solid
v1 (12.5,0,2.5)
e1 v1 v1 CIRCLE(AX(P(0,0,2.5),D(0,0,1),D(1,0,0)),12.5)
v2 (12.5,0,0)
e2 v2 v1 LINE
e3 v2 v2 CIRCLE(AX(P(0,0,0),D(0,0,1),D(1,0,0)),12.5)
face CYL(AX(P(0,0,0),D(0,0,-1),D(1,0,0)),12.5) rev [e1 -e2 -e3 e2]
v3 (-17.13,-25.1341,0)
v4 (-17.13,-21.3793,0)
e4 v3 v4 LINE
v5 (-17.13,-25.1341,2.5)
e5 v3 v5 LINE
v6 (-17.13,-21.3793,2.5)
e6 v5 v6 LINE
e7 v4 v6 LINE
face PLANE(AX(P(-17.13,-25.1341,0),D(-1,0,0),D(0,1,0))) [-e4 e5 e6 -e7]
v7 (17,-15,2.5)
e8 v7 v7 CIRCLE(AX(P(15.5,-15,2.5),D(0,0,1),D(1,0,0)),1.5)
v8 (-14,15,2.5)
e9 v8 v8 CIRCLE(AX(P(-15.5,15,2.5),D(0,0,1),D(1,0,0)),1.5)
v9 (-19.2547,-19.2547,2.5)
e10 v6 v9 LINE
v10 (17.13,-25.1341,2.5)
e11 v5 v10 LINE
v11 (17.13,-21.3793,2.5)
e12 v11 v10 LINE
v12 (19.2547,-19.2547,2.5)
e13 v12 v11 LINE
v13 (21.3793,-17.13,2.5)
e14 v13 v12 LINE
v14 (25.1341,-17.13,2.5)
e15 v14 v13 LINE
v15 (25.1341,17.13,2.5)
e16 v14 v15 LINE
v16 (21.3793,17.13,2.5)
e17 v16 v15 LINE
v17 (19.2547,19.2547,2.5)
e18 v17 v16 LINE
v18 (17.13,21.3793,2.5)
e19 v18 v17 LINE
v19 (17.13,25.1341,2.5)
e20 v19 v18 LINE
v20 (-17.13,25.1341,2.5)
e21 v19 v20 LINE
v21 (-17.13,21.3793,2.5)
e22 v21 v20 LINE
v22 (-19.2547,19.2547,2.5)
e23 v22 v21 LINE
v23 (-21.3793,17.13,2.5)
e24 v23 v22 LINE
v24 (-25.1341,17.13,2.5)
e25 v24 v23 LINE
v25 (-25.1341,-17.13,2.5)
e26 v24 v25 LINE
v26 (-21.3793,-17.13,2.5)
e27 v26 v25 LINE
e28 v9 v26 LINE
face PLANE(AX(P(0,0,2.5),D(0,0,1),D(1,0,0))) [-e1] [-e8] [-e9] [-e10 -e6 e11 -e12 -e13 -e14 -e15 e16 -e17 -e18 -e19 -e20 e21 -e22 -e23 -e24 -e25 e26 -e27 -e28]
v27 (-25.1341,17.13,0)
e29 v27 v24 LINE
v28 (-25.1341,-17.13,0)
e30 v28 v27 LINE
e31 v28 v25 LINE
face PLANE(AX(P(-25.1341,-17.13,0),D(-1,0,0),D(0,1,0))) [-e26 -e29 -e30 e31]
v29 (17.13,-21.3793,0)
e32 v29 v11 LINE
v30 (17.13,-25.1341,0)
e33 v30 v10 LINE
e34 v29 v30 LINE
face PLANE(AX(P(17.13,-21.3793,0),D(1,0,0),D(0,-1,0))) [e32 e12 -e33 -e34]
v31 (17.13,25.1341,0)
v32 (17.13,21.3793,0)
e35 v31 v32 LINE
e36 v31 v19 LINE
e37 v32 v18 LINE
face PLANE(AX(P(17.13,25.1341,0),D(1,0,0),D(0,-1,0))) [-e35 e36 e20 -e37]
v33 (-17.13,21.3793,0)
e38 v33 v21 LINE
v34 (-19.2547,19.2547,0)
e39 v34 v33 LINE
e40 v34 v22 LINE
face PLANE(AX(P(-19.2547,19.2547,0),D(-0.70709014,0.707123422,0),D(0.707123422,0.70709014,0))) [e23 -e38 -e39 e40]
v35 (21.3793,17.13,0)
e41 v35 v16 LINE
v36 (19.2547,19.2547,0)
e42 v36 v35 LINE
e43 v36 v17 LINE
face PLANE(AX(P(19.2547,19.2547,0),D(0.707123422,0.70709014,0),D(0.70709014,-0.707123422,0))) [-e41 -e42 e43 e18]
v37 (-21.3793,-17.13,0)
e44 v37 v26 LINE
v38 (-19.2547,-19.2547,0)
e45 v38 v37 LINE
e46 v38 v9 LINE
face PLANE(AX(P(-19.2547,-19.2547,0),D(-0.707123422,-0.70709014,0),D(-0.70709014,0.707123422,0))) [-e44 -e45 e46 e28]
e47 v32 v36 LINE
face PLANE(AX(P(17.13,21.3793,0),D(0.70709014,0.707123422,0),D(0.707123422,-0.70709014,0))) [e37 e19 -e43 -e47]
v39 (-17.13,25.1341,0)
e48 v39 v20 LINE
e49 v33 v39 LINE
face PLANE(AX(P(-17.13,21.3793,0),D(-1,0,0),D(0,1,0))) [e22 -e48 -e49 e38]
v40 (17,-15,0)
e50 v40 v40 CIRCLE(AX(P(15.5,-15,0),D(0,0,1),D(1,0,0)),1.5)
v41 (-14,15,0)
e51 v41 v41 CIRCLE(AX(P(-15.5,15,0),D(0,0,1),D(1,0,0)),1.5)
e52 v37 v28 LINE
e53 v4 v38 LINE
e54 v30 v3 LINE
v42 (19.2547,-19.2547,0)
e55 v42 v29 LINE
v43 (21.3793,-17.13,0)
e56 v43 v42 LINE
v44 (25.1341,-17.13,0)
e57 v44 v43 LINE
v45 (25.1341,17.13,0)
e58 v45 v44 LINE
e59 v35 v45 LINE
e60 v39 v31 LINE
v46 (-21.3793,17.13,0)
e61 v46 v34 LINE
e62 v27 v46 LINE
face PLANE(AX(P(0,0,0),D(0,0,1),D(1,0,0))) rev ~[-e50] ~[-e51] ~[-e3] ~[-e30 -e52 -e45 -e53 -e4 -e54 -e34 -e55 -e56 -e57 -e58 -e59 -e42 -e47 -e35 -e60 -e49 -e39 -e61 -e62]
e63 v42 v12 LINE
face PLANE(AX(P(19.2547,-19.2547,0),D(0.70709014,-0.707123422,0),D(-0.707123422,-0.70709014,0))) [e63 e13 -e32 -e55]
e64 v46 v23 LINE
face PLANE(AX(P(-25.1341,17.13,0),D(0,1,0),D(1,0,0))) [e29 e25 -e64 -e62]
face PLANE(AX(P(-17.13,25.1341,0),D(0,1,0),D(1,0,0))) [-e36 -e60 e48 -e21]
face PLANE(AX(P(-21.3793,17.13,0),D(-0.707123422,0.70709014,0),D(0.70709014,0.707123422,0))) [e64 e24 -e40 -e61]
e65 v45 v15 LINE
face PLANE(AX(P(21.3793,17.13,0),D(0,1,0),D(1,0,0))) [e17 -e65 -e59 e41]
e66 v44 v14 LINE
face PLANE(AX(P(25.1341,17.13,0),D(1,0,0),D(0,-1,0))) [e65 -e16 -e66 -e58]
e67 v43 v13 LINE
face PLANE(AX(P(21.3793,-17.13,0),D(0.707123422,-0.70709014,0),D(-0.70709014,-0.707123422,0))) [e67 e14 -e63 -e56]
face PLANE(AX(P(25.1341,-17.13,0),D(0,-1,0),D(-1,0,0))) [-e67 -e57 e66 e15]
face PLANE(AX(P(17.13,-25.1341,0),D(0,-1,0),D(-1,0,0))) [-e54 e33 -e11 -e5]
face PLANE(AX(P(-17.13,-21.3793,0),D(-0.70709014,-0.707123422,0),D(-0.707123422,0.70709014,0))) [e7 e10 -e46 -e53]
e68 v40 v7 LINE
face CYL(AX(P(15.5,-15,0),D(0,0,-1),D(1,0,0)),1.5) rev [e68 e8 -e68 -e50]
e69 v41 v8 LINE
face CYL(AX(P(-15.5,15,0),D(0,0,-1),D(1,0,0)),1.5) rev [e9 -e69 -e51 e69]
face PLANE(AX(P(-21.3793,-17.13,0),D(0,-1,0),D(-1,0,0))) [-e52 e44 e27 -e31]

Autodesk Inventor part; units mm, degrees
ref_plane "YZ Plane" through (0, 0, 0) normal (1, 0, 0) x (0, 1, 0)
ref_plane "XZ Plane" through (0, 0, 0) normal (0, 1, 0) x (-1, 0, 0)
ref_plane "XY Plane" through (0, 0, 0) normal (0, 0, 1) x (1, 0, 0)
sketch "Sketch1" plane through (0, 0, 0) normal (0, 0, 1) x (1, 0, 0)
  line L0 (-38.1609, 0) -> (53.0268, 0) construction
  line L1 (0, -35.8177) -> (0, 38.9679) construction
  line L2 (0, 0) -> (28.2843, 28.2843) construction
  line L3 (0, 0) -> (40, 0) construction
  line L4 (0, 24.9041) -> (16.9, 24.9041)
  line L5 (16.9, 24.9041) -> (16.9, 21.2841)
  line L6 (16.9, 21.2841) -> (19.092, 19.092)
  line L7 (24.9041, 0) -> (24.9041, 16.9)
  line L8 (24.9041, 16.9) -> (21.2841, 16.9)
  line L9 (21.2841, 16.9) -> (19.092, 19.092)
  line L10 (0, 24.9041) -> (-16.9, 24.9041)
  line L11 (-16.9, 24.9041) -> (-16.9, 21.2841)
  line L12 (-16.9, 21.2841) -> (-19.092, 19.092)
  line L13 (-24.9041, 0) -> (-24.9041, 16.9)
  line L14 (-24.9041, 16.9) -> (-21.2841, 16.9)
  line L15 (-21.2841, 16.9) -> (-19.092, 19.092)
  line L16 (0, -24.9041) -> (16.9, -24.9041)
  line L17 (16.9, -24.9041) -> (16.9, -21.2841)
  line L18 (16.9, -21.2841) -> (19.092, -19.092)
  line L19 (24.9041, 0) -> (24.9041, -16.9)
  line L20 (24.9041, -16.9) -> (21.2841, -16.9)
  line L21 (21.2841, -16.9) -> (19.092, -19.092)
  line L22 (0, -24.9041) -> (-16.9, -24.9041)
  line L23 (-16.9, -24.9041) -> (-16.9, -21.2841)
  line L24 (-16.9, -21.2841) -> (-19.092, -19.092)
  line L25 (-24.9041, 0) -> (-24.9041, -16.9)
  line L26 (-24.9041, -16.9) -> (-21.2841, -16.9)
  line L27 (-21.2841, -16.9) -> (-19.092, -19.092)
  circle A0 centre (0, 0) radius 12.5
  circle A1 centre (-15.5, 15) radius 1.5
  line L28 (-18.5, 18) -> (-12.5, 18) construction
  line L29 (-12.5, 18) -> (-12.5, -12) construction
  line L30 (-12.5, -12) -> (-18.5, -12) construction
  line L31 (-18.5, -12) -> (-18.5, 18) construction
  line L32 (-15.5, 18) -> (-15.5, -12) construction
  circle A2 centre (15.5, -15) radius 1.5
  line L33 (-17.13, 25.1341) -> (0, 25.1341)
  line L34 (0, 25.1341) -> (17.13, 25.1341)
  line L35 (17.13, 25.1341) -> (17.13, 21.3793)
  line L36 (17.13, 21.3793) -> (19.2547, 19.2547)
  line L37 (19.2547, 19.2547) -> (21.3793, 17.13)
  line L38 (21.3793, 17.13) -> (25.1341, 17.13)
  line L39 (25.1341, 17.13) -> (25.1341, 0)
  line L40 (25.1341, 0) -> (25.1341, -17.13)
  line L41 (25.1341, -17.13) -> (21.3793, -17.13)
  line L42 (21.3793, -17.13) -> (19.2547, -19.2547)
  line L43 (19.2547, -19.2547) -> (17.13, -21.3793)
  line L44 (17.13, -21.3793) -> (17.13, -25.1341)
  line L45 (17.13, -25.1341) -> (0, -25.1341)
  line L46 (0, -25.1341) -> (-17.13, -25.1341)
  line L47 (-17.13, -25.1341) -> (-17.13, -21.3793)
  line L48 (-17.13, -21.3793) -> (-19.2547, -19.2547)
  line L49 (-19.2547, -19.2547) -> (-21.3793, -17.13)
  line L50 (-21.3793, -17.13) -> (-25.1341, -17.13)
  line L51 (-25.1341, -17.13) -> (-25.1341, 0)
  line L52 (-25.1341, 0) -> (-25.1341, 17.13)
  line L53 (-25.1341, 17.13) -> (-21.3793, 17.13)
  line L54 (-21.3793, 17.13) -> (-19.2547, 19.2547)
  line L55 (-19.2547, 19.2547) -> (-17.13, 21.3793)
  line L56 (-17.13, 21.3793) -> (-17.13, 25.1341)
  dimension "d0" = 45
  dimension "d1" = 16.9
  dimension "d2" = 3.62
  dimension "d3" = 3.1
  dimension "d4" = 25
  dimension "d5" = 3
  dimension "d11" = 6
  dimension "d12" = 3
  dimension "d14" = 15
  dimension "d15" = 3
  dimension "d16" = 15
  dimension "d17" = 15.5
  dimension "d18" = 15.5
  dimension "d19" = 30
  dimension "d20" = 0.23
extrude "Extrusion1" add sketch "Sketch1" along normal blind 2.5 contours L4 L5 L6 L9 L8 L7 L19 L20 L21 L18 L17 L16 L22 L23 L24 L27 L26 L25 L13 L14 L15 L12 L11 L10 | L33 L34 L35 L36 L37 L38 L39 L40 L41 L42 L43 L44 L45 L46 L47 L48 L49 L50 L51 L52 L53 L54 L55 L56
properties part number "LC_sample_holder_insert"
